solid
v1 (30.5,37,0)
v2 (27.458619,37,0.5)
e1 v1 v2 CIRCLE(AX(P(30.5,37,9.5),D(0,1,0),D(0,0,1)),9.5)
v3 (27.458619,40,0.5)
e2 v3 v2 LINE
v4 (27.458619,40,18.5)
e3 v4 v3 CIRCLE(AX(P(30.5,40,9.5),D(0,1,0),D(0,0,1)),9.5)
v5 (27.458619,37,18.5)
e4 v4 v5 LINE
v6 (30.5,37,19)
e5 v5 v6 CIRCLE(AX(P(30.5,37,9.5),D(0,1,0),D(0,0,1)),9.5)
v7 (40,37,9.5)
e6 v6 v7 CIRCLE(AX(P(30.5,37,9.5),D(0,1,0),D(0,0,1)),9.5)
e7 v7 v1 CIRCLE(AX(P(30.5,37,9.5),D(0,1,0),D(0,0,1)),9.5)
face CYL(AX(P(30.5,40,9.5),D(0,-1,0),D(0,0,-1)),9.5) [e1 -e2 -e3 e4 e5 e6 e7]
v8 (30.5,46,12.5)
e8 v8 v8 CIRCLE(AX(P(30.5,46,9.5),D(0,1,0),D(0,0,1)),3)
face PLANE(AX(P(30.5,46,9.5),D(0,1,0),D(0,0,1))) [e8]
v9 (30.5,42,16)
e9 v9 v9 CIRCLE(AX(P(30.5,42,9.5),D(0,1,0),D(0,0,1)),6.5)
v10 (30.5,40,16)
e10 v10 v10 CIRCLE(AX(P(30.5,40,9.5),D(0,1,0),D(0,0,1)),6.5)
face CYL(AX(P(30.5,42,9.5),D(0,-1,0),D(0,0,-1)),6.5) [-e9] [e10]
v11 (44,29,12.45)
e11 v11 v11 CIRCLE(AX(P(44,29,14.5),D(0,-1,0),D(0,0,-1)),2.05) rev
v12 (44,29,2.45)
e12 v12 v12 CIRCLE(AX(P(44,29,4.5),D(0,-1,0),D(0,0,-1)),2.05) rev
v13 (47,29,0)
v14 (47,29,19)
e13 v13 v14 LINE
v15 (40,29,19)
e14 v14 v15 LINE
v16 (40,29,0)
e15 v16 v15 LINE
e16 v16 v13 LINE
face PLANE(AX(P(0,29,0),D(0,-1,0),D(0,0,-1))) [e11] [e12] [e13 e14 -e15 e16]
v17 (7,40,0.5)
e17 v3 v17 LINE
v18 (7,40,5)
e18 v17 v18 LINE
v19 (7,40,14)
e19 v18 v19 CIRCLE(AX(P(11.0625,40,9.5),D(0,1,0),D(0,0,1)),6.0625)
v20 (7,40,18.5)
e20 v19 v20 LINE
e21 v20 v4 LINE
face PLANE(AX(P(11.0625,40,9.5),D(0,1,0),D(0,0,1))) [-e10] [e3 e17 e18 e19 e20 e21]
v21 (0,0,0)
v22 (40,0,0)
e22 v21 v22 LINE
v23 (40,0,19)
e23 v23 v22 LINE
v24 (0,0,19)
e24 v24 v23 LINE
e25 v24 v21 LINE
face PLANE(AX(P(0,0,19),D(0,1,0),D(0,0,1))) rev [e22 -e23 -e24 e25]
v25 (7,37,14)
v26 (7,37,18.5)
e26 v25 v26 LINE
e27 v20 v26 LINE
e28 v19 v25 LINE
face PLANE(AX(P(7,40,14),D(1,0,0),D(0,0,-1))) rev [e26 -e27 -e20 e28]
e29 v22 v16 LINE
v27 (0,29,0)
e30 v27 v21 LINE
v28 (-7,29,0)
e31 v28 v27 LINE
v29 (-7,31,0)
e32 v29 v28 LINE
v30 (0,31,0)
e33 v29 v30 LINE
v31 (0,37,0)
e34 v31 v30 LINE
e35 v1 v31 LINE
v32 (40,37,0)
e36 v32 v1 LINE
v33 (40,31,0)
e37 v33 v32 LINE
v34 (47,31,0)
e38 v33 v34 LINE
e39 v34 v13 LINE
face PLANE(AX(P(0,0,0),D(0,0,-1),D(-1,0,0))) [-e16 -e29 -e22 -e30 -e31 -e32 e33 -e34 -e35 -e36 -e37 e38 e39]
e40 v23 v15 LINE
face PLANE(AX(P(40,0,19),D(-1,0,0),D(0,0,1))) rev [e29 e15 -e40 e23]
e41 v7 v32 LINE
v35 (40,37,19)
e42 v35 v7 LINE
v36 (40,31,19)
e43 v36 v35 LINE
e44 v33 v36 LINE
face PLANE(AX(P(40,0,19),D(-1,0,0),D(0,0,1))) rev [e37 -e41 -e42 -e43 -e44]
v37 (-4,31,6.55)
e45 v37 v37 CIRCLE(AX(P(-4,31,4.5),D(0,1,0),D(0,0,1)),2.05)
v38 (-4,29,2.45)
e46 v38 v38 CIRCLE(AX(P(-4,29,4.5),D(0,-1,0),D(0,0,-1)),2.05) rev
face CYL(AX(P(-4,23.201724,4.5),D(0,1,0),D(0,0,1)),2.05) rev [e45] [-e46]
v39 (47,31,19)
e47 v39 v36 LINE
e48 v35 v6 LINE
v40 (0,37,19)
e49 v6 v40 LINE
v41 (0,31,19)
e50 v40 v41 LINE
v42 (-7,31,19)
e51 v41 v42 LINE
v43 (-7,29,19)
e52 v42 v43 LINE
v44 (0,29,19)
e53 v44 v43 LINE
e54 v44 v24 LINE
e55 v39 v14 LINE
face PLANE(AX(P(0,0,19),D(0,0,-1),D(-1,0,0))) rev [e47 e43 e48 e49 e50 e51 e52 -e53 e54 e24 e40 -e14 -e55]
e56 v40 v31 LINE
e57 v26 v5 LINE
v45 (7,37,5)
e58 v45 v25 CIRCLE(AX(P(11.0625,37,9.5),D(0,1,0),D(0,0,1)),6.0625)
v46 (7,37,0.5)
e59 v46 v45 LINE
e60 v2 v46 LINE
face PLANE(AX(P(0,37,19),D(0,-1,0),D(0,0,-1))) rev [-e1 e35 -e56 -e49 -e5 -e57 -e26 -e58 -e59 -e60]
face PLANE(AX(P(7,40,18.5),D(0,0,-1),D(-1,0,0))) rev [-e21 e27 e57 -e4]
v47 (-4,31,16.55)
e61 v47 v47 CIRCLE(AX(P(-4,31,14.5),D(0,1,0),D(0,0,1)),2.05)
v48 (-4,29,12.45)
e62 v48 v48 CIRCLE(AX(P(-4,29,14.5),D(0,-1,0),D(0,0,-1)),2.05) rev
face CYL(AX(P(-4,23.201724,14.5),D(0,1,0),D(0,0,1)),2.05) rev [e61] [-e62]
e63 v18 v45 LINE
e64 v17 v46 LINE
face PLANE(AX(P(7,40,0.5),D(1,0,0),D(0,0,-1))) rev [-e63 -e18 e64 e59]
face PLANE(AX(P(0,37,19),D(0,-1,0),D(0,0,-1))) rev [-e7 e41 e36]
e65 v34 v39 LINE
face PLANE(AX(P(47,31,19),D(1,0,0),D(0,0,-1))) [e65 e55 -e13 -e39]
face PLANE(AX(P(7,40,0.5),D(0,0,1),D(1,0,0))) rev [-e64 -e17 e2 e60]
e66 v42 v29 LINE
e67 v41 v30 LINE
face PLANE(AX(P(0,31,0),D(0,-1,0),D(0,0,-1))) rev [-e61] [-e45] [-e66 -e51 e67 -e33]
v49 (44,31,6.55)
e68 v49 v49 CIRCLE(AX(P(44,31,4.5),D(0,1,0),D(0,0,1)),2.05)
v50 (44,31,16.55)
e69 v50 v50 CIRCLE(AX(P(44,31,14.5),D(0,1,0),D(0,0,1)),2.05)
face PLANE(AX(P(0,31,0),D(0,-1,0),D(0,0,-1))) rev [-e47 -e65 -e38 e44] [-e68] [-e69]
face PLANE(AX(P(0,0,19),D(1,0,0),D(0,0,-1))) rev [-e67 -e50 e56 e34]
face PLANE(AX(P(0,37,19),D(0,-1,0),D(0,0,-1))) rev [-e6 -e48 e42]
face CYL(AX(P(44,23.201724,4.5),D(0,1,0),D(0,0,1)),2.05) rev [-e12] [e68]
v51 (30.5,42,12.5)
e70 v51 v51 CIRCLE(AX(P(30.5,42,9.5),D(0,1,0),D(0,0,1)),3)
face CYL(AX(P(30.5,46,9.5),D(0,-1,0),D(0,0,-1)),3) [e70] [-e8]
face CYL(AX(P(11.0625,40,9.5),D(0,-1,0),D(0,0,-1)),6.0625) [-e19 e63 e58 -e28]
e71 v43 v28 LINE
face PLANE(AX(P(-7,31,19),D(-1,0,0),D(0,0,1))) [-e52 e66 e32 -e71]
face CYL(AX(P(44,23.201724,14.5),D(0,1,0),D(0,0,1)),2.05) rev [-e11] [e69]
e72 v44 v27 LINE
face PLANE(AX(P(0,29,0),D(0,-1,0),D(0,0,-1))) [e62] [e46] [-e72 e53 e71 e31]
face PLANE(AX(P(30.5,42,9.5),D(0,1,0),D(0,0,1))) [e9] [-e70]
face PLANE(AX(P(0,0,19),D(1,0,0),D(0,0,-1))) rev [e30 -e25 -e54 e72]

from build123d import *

# Parameters (mm, degrees)
SKETCH1_W           = 40
SKETCH1_H           = 37
BOSS_EXTRUDE1_DEPTH = 19
BOSS_EXTRUDE2_DEPTH = 3
SKETCH3_R           = 6.5
BOSS_EXTRUDE3_DEPTH = 2
SKETCH5_R           = 3
BOSS_EXTRUDE4_DEPTH = 4
SKETCH6_W           = 54
SKETCH6_H           = 19
BOSS_EXTRUDE5_DEPTH = 2
SKETCH7_R           = 2.05
CUT_EXTRUDE1_DEPTH  = 2


with BuildPart() as part:
    # Sketch1 → Boss-Extrude1 (new body)
    with BuildSketch(Plane.XY):
        with Locations((20, 18.5)):
            Rectangle(SKETCH1_W, SKETCH1_H)
    extrude(amount=BOSS_EXTRUDE1_DEPTH)

    # Sketch2 → Boss-Extrude2 (add)
    with BuildSketch(Plane(origin=(0, 37, 0), x_dir=(1, 0, 0), z_dir=(0, 1, 0))):
        with BuildLine():
            Line((7, -0.5), (7, -5))
            ThreePointArc((7, -5), (5, -9.5), (7, -14))
            Line((7, -14), (7, -18.5))
            Line((7, -18.5), (27.458618735, -18.5))
            ThreePointArc((27.458618735, -18.5), (40, -9.5), (27.458618735, -0.5))
            Line((27.458618735, -0.5), (7, -0.5))
        make_face()
    extrude(amount=BOSS_EXTRUDE2_DEPTH)

    # Sketch3 → Boss-Extrude3 (add)
    with BuildSketch(Plane(origin=(0, 40, 0), x_dir=(1, 0, 0), z_dir=(0, 1, 0))):
        with Locations((30.5, -9.5)):
            Circle(SKETCH3_R)
    extrude(amount=BOSS_EXTRUDE3_DEPTH)

    # Sketch5 → Boss-Extrude4 (add)
    with BuildSketch(Plane(origin=(0, 42, 0), x_dir=(1, 0, 0), z_dir=(0, 1, 0))):
        with Locations((30.5, -9.5)):
            Circle(SKETCH5_R)
    extrude(amount=BOSS_EXTRUDE4_DEPTH)

    # Sketch6 → Boss-Extrude5 (add)
    with BuildSketch(Plane(origin=(0, 28.999999912, 0), x_dir=(-1, 0, 0), z_dir=(0, -1, 0))):
        with Locations((-20, -9.5)):
            Rectangle(SKETCH6_W, SKETCH6_H)
    extrude(amount=-BOSS_EXTRUDE5_DEPTH)

    # Sketch7 → Cut-Extrude1 (cut)
    with BuildSketch(Plane(origin=(0, 30.999999912, 0), x_dir=(1, 0, 0), z_dir=(0, 1, 0))):
        with Locations((-4, -4.5)):
            Circle(SKETCH7_R)
        with Locations((-4, -14.5)):
            Circle(SKETCH7_R)
        with Locations((44, -4.5)):
            Circle(SKETCH7_R)
        with Locations((44, -14.5)):
            Circle(SKETCH7_R)
    extrude(amount=-CUT_EXTRUDE1_DEPTH, mode=Mode.SUBTRACT)


solid = part.part
